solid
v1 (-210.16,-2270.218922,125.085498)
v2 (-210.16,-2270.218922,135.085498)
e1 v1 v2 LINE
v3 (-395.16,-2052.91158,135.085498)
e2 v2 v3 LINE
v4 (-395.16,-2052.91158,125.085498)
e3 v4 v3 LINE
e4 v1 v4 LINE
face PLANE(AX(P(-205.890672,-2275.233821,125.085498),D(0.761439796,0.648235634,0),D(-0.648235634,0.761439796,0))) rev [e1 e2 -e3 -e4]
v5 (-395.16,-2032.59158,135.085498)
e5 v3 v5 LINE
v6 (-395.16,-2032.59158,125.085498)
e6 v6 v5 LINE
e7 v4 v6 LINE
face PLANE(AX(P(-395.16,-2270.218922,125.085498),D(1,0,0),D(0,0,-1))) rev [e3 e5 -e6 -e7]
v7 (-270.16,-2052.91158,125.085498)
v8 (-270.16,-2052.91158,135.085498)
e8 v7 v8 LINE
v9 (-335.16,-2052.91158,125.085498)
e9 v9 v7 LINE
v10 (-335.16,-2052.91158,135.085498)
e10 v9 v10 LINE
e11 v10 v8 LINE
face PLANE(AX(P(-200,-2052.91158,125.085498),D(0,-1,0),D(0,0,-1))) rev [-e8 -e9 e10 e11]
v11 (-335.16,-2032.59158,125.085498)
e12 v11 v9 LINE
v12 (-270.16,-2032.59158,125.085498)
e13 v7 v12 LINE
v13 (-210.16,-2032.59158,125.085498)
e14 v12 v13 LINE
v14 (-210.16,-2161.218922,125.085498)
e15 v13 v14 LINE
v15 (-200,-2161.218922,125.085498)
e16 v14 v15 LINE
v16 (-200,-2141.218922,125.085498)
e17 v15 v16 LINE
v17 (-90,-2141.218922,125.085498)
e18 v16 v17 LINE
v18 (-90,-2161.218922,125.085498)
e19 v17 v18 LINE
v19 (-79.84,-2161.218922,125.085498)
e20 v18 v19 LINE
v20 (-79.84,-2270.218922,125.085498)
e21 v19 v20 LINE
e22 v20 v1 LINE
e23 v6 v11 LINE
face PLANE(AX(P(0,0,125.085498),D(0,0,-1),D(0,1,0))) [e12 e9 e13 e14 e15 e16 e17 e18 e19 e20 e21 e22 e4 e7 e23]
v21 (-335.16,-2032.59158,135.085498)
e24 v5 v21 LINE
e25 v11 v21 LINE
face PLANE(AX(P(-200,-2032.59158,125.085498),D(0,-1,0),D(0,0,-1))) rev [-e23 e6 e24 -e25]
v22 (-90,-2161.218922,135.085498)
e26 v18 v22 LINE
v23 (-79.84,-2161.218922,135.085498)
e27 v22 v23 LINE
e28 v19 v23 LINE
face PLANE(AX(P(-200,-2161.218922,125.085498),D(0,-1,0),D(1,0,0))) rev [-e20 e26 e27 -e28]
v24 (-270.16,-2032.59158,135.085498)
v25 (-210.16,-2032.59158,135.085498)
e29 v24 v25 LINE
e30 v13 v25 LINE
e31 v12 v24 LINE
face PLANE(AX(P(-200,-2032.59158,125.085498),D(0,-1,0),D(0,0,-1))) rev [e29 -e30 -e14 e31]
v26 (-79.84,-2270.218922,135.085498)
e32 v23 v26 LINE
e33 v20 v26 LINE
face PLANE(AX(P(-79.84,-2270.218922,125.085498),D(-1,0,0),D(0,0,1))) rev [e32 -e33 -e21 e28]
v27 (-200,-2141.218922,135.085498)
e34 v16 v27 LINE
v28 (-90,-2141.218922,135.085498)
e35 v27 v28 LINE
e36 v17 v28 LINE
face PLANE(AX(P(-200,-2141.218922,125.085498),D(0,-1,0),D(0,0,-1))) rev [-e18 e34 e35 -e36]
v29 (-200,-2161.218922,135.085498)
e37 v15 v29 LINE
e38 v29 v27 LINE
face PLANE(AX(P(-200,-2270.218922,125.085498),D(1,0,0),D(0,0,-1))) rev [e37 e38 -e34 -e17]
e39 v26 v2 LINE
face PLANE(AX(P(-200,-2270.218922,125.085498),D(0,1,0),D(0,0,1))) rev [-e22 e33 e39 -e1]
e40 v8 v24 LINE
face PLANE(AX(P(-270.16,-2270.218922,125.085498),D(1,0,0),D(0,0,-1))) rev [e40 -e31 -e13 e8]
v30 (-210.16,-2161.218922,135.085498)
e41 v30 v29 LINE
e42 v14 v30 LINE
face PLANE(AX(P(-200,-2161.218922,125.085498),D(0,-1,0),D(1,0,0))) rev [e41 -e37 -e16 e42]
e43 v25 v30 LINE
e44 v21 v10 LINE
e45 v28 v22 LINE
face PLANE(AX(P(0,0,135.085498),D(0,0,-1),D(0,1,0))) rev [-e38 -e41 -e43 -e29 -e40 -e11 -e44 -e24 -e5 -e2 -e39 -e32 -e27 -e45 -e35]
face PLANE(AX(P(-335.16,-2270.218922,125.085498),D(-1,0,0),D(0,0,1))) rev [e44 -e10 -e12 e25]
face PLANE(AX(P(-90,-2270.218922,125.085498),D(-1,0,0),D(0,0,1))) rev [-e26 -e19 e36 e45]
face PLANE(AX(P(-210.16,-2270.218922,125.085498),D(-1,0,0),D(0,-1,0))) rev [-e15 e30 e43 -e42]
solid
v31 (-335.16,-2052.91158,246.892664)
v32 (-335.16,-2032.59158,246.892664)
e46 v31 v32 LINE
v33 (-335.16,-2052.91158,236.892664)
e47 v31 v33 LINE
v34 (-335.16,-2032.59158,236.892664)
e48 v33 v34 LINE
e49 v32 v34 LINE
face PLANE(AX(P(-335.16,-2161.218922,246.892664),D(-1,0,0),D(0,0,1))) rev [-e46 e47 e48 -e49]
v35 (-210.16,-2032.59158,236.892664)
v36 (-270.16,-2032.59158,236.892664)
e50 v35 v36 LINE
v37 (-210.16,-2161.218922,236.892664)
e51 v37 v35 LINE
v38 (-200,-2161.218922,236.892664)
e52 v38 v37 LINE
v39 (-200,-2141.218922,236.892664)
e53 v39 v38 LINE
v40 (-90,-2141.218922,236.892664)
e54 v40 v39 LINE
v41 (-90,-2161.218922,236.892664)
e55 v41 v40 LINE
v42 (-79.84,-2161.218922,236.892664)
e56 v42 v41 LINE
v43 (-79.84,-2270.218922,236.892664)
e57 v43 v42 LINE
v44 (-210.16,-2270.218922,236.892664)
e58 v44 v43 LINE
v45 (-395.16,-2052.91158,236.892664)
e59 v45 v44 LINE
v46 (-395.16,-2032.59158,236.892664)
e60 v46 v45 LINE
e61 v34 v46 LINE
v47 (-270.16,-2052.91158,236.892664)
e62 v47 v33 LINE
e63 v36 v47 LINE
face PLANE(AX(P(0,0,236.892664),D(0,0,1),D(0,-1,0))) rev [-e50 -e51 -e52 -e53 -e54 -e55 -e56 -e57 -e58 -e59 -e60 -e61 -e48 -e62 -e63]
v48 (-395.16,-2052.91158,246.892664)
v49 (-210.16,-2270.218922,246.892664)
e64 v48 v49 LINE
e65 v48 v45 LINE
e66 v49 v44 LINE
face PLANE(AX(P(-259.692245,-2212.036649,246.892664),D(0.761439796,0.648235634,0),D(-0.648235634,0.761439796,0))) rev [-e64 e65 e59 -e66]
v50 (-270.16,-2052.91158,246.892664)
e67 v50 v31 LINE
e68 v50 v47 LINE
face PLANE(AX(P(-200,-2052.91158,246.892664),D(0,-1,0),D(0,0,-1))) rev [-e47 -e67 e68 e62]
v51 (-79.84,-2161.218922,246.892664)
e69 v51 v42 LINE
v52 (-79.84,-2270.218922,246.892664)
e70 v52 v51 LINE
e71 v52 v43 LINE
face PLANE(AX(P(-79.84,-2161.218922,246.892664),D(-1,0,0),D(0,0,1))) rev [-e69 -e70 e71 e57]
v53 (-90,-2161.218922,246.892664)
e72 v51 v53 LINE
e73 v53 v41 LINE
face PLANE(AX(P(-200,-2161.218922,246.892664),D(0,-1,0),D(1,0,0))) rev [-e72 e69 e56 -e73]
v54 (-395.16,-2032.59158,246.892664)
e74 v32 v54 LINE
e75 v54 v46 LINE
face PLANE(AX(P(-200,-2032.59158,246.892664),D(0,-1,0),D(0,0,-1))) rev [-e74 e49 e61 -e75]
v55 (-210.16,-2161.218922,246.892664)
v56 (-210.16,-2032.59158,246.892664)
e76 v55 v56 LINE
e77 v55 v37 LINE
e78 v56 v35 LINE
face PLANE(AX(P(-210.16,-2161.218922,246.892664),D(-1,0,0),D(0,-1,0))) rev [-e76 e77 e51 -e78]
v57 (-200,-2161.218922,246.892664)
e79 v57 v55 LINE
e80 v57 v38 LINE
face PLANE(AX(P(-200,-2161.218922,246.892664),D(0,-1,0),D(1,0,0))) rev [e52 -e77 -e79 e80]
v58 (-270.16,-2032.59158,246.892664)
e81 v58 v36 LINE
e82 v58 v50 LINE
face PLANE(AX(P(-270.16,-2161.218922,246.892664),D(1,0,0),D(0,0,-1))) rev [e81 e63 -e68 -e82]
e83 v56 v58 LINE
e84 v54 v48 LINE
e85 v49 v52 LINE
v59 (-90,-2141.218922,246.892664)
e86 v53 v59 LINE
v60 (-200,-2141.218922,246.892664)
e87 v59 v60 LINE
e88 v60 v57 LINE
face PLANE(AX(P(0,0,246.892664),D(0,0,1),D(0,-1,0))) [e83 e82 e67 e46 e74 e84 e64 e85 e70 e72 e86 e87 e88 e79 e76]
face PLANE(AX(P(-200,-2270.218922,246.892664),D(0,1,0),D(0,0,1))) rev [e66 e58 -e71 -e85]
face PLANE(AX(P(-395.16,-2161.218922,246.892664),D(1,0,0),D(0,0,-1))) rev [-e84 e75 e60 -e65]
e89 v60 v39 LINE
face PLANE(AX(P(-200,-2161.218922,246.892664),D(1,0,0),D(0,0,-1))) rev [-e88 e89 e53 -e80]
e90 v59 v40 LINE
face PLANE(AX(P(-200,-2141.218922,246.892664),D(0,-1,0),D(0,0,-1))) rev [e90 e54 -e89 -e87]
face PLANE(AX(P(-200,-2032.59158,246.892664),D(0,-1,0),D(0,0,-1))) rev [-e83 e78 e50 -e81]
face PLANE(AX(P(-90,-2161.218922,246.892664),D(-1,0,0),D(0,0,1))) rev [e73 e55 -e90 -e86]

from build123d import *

# Parameters (mm, degrees)
BOSS_EXTRUDE1_START = 236.892664
BOSS_EXTRUDE1_DEPTH = 10
BOSS_EXTRUDE2_START = 125.085498
BOSS_EXTRUDE2_DEPTH = 10


with BuildPart() as part:
    # Sketch1 → Boss-Extrude1 (new body)
    with BuildSketch(Plane.XY.offset(BOSS_EXTRUDE1_START)):
        Polygon((-210.16, -2161.218921834), (-200, -2161.218921834), (-200, -2141.218921834), (-90, -2141.218921834), (-90, -2161.218921834), (-79.84, -2161.218921834), (-79.84, -2270.218921834), (-210.16, -2270.218921834), (-395.16, -2052.911580455), (-395.16, -2032.591580455), (-335.16, -2032.591580455), (-335.16, -2052.911580455), (-270.16, -2052.911580455), (-270.16, -2032.591580455), (-210.16, -2032.591580455), (-210.16, -2052.911580455), align=None)
    extrude(amount=BOSS_EXTRUDE1_DEPTH)


with BuildPart() as body_2:
    # Sketch1<2> → Boss-Extrude2 (new body)
    with BuildSketch(Plane.XY.offset(BOSS_EXTRUDE2_START)):
        Polygon((-210.16, -2161.218921834), (-200, -2161.218921834), (-200, -2141.218921834), (-90, -2141.218921834), (-90, -2161.218921834), (-79.84, -2161.218921834), (-79.84, -2270.218921834), (-210.16, -2270.218921834), (-395.16, -2052.911580455), (-395.16, -2032.591580455), (-335.16, -2032.591580455), (-335.16, -2052.911580455), (-270.16, -2052.911580455), (-270.16, -2032.591580455), (-210.16, -2032.591580455), (-210.16, -2052.911580455), align=None)
    extrude(amount=BOSS_EXTRUDE2_DEPTH)


solid = Compound([part.part, body_2.part])
